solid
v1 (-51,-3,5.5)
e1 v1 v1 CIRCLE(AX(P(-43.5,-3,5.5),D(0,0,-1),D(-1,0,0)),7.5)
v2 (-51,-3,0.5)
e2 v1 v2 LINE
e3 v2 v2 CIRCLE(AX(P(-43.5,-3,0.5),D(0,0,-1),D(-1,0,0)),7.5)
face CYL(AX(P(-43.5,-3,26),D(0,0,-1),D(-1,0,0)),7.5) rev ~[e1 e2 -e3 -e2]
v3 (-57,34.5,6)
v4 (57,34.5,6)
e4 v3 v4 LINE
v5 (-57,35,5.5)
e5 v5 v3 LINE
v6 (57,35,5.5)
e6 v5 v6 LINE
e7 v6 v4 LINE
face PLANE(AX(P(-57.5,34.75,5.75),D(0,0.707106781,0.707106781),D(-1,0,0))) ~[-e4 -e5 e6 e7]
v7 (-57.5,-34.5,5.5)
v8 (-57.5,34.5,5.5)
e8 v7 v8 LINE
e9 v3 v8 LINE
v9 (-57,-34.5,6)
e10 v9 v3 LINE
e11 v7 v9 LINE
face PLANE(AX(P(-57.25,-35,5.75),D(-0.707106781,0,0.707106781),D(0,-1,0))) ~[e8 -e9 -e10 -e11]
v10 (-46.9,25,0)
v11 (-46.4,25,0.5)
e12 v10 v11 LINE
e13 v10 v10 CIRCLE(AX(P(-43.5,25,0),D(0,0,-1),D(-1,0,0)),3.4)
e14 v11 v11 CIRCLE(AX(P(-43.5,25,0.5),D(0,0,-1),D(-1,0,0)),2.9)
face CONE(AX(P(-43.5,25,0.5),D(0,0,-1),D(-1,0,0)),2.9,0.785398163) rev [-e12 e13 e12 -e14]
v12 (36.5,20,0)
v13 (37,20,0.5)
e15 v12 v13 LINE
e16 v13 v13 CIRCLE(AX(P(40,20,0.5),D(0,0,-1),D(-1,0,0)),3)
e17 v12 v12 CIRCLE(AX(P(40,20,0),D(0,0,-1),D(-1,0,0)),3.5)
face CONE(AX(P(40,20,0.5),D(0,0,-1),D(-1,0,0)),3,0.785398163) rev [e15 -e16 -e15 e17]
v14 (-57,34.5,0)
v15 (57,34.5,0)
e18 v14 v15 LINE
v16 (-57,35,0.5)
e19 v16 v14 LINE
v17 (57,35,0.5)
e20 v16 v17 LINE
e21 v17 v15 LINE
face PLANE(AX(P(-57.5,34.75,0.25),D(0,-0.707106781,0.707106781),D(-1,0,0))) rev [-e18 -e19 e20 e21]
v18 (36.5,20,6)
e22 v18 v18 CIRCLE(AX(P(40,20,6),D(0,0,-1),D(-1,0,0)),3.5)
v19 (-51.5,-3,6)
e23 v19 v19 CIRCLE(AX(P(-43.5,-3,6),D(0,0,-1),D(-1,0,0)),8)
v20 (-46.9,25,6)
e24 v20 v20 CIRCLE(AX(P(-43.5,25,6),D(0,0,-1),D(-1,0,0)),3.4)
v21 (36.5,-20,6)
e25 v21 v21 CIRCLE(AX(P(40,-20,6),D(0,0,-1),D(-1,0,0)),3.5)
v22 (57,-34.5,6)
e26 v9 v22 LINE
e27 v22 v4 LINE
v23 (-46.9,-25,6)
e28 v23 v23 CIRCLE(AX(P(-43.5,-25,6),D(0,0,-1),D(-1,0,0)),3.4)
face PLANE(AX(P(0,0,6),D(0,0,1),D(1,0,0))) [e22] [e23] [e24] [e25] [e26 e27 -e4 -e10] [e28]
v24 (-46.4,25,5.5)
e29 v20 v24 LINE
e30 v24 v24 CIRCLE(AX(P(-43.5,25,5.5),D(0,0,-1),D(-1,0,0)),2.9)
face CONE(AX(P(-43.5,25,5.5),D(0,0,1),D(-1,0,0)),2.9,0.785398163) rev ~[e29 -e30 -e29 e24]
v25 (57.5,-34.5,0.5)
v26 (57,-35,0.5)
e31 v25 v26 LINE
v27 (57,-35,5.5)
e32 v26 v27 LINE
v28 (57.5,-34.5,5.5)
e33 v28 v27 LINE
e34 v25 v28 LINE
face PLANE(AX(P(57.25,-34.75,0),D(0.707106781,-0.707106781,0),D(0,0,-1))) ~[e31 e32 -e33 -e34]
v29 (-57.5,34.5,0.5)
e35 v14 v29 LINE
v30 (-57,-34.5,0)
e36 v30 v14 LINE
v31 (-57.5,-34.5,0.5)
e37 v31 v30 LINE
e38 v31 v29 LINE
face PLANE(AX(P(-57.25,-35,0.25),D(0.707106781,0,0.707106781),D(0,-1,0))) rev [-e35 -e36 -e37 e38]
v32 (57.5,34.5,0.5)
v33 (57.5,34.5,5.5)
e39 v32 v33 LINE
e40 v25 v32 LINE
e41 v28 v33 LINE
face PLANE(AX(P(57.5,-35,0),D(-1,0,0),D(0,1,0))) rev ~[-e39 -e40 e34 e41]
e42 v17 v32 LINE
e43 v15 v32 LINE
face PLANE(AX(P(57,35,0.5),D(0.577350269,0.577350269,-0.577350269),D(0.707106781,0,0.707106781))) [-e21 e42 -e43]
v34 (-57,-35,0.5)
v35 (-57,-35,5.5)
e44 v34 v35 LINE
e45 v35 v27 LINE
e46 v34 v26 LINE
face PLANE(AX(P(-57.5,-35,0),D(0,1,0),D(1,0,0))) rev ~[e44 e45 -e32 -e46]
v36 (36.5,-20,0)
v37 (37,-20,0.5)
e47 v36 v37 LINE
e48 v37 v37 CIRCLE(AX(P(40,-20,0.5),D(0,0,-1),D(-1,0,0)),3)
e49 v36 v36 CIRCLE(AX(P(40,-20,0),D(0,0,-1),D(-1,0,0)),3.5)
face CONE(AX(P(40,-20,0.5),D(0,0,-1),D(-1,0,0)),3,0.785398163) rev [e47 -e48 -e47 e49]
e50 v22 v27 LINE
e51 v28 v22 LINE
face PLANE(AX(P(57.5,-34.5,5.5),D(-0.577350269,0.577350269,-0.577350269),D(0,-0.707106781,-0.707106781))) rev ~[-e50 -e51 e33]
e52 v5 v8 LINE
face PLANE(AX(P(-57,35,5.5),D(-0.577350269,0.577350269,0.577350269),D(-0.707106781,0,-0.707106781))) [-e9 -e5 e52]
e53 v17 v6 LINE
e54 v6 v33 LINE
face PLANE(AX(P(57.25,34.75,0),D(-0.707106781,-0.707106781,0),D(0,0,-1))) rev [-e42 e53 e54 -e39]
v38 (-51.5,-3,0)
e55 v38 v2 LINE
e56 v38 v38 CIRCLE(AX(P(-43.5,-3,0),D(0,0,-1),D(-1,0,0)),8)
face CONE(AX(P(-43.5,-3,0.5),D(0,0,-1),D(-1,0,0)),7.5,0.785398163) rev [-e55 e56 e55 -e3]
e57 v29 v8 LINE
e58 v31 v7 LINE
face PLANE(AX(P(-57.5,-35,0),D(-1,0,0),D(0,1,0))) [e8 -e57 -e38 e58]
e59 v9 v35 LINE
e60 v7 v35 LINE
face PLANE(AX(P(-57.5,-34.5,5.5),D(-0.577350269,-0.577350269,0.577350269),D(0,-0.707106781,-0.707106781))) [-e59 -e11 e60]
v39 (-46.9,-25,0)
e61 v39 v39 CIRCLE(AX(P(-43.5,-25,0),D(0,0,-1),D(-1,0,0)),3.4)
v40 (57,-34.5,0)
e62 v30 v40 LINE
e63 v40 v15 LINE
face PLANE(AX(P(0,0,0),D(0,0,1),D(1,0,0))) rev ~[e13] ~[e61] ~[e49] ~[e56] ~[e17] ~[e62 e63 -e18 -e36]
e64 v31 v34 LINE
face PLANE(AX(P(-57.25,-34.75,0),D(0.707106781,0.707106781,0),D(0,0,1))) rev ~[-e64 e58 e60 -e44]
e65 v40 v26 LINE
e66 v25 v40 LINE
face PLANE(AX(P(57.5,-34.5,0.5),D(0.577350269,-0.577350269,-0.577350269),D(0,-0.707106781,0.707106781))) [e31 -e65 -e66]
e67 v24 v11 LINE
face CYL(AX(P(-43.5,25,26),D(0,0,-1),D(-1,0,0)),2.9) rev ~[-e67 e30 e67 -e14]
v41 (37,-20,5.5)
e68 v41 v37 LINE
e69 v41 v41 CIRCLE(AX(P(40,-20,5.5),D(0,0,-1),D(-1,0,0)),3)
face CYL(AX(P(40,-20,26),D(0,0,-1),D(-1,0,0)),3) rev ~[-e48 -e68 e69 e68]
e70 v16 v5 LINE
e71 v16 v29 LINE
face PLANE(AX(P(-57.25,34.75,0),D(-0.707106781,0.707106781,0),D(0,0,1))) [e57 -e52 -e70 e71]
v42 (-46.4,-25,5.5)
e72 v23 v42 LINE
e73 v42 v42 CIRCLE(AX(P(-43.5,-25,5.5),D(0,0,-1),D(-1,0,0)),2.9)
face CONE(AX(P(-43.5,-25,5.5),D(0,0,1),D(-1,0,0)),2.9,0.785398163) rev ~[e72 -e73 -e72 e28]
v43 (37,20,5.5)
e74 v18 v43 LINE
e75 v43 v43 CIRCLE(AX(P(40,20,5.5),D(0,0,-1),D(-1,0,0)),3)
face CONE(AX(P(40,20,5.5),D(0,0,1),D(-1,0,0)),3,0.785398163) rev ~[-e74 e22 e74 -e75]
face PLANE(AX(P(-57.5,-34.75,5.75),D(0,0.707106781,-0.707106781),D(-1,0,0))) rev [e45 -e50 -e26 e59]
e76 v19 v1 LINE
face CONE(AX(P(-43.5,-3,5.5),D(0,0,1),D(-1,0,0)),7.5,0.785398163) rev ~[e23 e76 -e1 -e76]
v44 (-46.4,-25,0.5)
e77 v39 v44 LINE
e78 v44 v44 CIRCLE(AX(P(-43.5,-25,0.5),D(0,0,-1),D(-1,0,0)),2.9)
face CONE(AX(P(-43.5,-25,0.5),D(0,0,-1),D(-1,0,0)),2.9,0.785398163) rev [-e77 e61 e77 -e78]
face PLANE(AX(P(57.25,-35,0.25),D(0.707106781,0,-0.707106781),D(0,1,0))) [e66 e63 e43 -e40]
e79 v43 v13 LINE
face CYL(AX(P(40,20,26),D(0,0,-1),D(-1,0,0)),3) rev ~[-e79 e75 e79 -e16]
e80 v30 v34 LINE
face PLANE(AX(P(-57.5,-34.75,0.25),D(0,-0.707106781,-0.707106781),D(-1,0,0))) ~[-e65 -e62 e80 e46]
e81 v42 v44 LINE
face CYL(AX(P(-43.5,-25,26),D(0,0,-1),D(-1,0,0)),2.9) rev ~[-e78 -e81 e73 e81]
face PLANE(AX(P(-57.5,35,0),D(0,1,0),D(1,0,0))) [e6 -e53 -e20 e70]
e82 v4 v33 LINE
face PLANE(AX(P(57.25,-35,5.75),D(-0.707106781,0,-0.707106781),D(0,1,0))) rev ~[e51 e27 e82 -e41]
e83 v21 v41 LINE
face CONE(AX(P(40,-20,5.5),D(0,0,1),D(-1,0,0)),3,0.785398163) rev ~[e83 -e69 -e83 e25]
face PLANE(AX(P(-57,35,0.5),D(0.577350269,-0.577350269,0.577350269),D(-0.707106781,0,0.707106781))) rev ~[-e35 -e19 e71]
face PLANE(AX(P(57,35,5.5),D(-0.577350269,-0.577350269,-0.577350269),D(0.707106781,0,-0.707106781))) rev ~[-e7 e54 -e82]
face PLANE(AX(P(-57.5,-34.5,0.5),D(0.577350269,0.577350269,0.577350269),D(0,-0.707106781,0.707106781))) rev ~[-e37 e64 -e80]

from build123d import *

# Parameters (mm, degrees)
F0_W     = 115
F0_H     = 70
F1_DEPTH = 6
F3_D     = 15
F3_DEPTH = 20
F4_D     = 5.8
F4_DEPTH = 20
F5_D     = 6
F5_DEPTH = 20
F6_SIZE  = 0.5


with BuildPart() as f1:
    # F0 (on Top) → F1 (new body)
    with BuildSketch(Plane.XY):
        Rectangle(F0_W, F0_H)
    extrude(amount=F1_DEPTH)

    # F3
    with Locations(Plane.XY.offset(6)):
        with Locations((-43.5, -3)):
            Hole(F3_D / 2, depth=F3_DEPTH)

    # F4
    with Locations(Plane.XY.offset(6)):
        with Locations((-43.5, 25), (-43.5, -25)):
            Hole(F4_D / 2, depth=F4_DEPTH)

    # F5
    with Locations(Plane.XY.offset(6)):
        with Locations((40, 20), (40, -20)):
            Hole(F5_D / 2, depth=F5_DEPTH)

    # F6
    f6_edges = [f1.edges().sort_by_distance(p)[0] for p in [
        (0, -35, 0),
        (-57.5, 0, 0),
        (57.5, 0, 0),
        (0, 35, 0),
        (-46.4, -25, 0),
        (-51, -3, 0),
        (37, -20, 0),
        (-46.4, 25, 0),
        (37, 20, 0),
        (0, -35, 6),
        (-57.5, 0, 6),
        (57.5, 0, 6),
        (0, 35, 6),
        (-46.4, -25, 6),
        (-51, -3, 6),
        (37, -20, 6),
        (-46.4, 25, 6),
        (37, 20, 6),
        (57.5, 35, 3),
        (57.5, -35, 3),
        (-57.5, -35, 3),
        (-57.5, 35, 3),
    ]]
    chamfer(f6_edges, length=F6_SIZE)


solid = f1.part
